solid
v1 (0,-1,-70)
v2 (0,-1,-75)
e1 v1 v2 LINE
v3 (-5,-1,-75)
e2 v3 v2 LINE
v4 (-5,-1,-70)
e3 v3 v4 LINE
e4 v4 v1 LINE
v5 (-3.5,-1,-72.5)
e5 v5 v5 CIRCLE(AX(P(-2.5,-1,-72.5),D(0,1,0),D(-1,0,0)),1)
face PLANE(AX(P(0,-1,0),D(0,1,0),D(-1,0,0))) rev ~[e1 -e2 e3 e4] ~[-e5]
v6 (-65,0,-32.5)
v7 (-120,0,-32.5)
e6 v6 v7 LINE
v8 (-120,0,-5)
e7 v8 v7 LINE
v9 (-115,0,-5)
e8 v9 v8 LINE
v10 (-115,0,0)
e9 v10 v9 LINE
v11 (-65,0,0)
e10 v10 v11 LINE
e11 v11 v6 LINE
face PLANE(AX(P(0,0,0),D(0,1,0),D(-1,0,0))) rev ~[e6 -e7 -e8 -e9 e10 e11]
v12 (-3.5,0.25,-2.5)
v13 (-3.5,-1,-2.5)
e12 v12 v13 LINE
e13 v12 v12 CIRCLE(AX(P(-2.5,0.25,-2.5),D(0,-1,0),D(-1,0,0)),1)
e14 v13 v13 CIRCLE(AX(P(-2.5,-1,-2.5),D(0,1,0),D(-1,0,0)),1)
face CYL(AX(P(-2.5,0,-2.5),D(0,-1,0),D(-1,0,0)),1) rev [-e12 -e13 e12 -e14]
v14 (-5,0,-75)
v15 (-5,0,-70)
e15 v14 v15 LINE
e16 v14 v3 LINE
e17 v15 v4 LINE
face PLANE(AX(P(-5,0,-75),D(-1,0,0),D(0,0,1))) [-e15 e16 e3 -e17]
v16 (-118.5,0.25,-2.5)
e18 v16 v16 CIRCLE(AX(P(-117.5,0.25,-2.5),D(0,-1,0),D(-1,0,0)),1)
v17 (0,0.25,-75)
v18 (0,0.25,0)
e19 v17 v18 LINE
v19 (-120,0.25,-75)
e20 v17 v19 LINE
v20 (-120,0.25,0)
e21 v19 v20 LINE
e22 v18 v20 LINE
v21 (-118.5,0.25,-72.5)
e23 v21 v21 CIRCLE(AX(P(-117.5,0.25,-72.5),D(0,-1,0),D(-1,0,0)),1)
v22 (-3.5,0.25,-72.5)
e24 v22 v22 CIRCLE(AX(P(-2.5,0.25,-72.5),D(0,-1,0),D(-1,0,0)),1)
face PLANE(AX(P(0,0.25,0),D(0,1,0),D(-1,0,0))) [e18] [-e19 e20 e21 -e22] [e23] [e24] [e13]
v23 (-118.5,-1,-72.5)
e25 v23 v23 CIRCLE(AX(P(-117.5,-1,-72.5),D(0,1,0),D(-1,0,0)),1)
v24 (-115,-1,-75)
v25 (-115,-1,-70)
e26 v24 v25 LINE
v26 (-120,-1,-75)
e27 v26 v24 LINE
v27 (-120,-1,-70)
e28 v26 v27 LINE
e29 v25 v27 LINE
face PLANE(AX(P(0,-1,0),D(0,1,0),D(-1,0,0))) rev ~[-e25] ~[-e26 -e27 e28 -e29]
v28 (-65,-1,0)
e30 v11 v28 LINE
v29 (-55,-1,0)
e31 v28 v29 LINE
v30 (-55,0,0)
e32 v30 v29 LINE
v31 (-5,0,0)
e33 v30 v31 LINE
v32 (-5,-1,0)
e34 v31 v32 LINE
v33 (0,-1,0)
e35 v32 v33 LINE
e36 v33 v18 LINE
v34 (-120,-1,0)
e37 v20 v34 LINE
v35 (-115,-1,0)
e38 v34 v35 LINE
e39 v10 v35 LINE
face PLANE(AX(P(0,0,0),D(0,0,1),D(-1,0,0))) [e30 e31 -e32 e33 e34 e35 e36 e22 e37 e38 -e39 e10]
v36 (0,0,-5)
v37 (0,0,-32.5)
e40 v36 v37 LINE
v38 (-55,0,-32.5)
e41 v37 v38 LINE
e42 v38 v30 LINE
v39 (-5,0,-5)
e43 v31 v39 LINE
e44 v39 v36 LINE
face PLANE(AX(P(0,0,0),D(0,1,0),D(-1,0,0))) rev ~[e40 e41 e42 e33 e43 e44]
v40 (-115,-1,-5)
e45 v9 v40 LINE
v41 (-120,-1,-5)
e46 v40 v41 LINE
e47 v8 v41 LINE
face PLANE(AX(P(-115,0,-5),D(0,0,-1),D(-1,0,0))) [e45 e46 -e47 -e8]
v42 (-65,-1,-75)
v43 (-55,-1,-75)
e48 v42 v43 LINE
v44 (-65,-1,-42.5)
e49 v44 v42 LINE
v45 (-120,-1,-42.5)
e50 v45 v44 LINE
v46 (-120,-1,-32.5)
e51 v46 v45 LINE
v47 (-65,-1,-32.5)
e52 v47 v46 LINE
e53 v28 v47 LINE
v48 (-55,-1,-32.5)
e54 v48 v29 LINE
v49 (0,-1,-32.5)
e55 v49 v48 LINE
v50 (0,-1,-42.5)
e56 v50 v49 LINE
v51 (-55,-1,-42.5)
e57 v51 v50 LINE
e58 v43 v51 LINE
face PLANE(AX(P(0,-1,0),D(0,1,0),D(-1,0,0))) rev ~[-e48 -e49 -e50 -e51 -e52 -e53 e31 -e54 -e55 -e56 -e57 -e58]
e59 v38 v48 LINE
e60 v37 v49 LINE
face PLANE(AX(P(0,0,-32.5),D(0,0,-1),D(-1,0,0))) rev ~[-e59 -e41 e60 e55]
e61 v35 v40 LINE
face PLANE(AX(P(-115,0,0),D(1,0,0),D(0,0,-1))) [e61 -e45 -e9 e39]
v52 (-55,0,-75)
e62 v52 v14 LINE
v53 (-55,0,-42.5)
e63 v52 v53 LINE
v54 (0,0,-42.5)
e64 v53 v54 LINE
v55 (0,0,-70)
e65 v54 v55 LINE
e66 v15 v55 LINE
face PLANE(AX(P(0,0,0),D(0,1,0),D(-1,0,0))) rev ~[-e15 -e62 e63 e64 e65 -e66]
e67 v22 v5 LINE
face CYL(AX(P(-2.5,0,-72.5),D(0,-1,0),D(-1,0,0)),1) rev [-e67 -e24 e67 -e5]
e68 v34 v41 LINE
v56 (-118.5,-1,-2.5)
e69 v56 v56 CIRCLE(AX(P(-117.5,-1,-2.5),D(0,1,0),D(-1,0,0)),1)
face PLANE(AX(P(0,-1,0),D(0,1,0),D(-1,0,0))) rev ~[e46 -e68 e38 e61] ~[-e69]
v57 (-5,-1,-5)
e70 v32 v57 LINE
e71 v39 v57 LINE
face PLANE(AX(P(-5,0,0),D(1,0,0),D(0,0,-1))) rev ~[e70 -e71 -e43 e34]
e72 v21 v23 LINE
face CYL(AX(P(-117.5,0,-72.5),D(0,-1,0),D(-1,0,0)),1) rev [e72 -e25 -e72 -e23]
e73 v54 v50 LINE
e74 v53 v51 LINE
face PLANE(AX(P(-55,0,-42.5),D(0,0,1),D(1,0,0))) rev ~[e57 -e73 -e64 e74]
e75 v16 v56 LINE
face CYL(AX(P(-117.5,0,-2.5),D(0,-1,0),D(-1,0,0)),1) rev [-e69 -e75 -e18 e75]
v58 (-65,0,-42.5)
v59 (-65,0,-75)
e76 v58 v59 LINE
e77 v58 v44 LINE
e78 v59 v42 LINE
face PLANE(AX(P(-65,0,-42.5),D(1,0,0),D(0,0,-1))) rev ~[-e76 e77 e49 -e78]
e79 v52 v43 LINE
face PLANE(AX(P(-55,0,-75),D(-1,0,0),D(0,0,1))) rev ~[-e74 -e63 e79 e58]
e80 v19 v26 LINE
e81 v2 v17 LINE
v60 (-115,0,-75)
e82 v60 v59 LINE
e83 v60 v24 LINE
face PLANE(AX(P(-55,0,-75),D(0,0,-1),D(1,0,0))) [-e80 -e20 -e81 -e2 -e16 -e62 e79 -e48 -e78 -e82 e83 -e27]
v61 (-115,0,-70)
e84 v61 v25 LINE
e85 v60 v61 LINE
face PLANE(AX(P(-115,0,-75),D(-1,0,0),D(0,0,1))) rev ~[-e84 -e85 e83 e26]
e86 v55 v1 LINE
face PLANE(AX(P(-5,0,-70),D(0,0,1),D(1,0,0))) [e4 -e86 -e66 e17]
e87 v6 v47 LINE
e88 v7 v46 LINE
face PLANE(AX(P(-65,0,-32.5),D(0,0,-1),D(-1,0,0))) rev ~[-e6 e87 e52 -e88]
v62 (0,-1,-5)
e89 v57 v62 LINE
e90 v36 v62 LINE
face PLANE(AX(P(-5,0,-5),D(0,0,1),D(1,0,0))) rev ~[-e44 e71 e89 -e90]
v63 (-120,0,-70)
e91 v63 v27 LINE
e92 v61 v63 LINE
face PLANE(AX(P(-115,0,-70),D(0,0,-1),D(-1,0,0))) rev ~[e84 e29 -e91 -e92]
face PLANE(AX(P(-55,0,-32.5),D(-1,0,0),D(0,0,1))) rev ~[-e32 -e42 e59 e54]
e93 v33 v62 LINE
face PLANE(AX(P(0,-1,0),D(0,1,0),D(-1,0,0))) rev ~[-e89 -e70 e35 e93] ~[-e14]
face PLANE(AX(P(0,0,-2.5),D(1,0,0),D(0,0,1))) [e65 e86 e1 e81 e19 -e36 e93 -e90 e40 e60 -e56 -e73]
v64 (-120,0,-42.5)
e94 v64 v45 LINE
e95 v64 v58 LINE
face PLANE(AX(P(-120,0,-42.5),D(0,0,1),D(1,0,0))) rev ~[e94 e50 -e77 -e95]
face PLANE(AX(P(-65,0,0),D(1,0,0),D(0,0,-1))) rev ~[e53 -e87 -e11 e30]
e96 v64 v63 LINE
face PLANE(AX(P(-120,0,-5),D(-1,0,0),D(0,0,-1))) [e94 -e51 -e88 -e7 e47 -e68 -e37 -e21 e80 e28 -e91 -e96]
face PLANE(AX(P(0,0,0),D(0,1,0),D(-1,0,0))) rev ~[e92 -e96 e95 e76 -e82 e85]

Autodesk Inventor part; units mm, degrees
ref_plane "YZ Plane" through (0, 0, 0) normal (1, 0, 0) x (0, 1, 0)
ref_plane "XZ Plane" through (0, 0, 0) normal (0, 1, 0) x (-1, 0, 0)
ref_plane "XY Plane" through (0, 0, 0) normal (0, 0, 1) x (1, 0, 0)
sketch "Sketch1" plane through (0, 0, 0) normal (0, 1, 0) x (-1, 0, 0)
  line L0 (0, 0) -> (120, 0)
  line L1 (120, 0) -> (120, -75)
  line L2 (120, -75) -> (0, -75)
  line L3 (0, -75) -> (0, 0)
  line L4 (120, 0) -> (117.5, 0)
  line L5 (117.5, 0) -> (117.5, -2.5)
  line L6 (117.5, -2.5) -> (120, -2.5)
  line L7 (120, -2.5) -> (120, 0)
  line L8 (120, -75) -> (117.5, -75)
  line L9 (117.5, -75) -> (117.5, -72.5)
  line L10 (117.5, -72.5) -> (120, -72.5)
  line L11 (120, -72.5) -> (120, -75)
  line L12 (0, -75) -> (2.5, -75)
  line L13 (2.5, -75) -> (2.5, -72.5)
  line L14 (2.5, -72.5) -> (0, -72.5)
  line L15 (0, -72.5) -> (0, -75)
  line L16 (0, 0) -> (2.5, 0)
  line L17 (2.5, 0) -> (2.5, -2.5)
  line L18 (2.5, -2.5) -> (0, -2.5)
  line L19 (0, -2.5) -> (0, 0)
  line L20 (0, 0) -> (5, 0)
  line L21 (5, 0) -> (5, -5)
  line L22 (5, -5) -> (0, -5)
  line L23 (0, -5) -> (0, 0)
  line L24 (0, -75) -> (5, -75)
  line L25 (5, -75) -> (5, -70)
  line L26 (5, -70) -> (0, -70)
  line L27 (0, -70) -> (0, -75)
  line L28 (120, 0) -> (115, 0)
  line L29 (115, 0) -> (115, -5)
  line L30 (115, -5) -> (120, -5)
  line L31 (120, -5) -> (120, 0)
  line L32 (120, -75) -> (115, -75)
  line L33 (115, -75) -> (115, -70)
  line L34 (115, -70) -> (120, -70)
  line L35 (120, -70) -> (120, -75)
  circle A0 centre (117.5, -72.5) radius 1
  circle A1 centre (117.5, -2.5) radius 1
  circle A2 centre (2.5, -2.5) radius 1
  circle A3 centre (2.5, -72.5) radius 1
  line L36 (0, 0) -> (0, -37.5)
  line L37 (0, -37.5) -> (120, -37.5)
  line L38 (60, 0) -> (60, -75)
  line L39 (0, -32.5) -> (120, -32.5)
  line L40 (120, -32.5) -> (120, -42.5)
  line L41 (120, -42.5) -> (0, -42.5)
  line L42 (0, -42.5) -> (0, -32.5)
  line L43 (0, -32.5) -> (120, -42.5) construction
  line L44 (120, -32.5) -> (0, -42.5) construction
  line L45 (55, 0) -> (65, 0)
  line L46 (65, 0) -> (65, -75)
  line L47 (65, -75) -> (55, -75)
  line L48 (55, -75) -> (55, 0)
  line L49 (55, 0) -> (65, -75) construction
  line L50 (65, 0) -> (55, -75) construction
  point P0 (60, -37.5)
  point P1 (60, -37.5)
  point P2 (55, -32.5)
  point P3 (55, -42.5)
  point P4 (65, -42.5)
  point P5 (65, -32.5)
  dimension "d0" = 120
  dimension "d1" = 75
  dimension "d2" = 2.5
  dimension "d3" = 2.5
  dimension "d4" = 2.5
  dimension "d5" = 2.5
  dimension "d6" = 2.5
  dimension "d7" = 2.5
  dimension "d8" = 2.5
  dimension "d9" = 2.5
  dimension "d10" = 5
  dimension "d11" = 5
  dimension "d12" = 5
  dimension "d13" = 5
  dimension "d14" = 5
  dimension "d15" = 5
  dimension "d16" = 5
  dimension "d17" = 5
  dimension "d18" = 2
  dimension "d19" = 2
  dimension "d20" = 2
  dimension "d21" = 2
  dimension "d22" = 10
  dimension "d23" = 10
extrude "Extrusion1" add sketch "Sketch1" along normal blind 0.25 contours L0 L17 A2 L18 L3 | L0 L21 L22 L3 L18 A2 L17 | L0 L48 L39 L3 L22 L21 | L0 L38 L39 L48 | L39 L48 L37 L3 | L0 L46 L39 L38 | L39 L38 L37 L48 | L37 L48 L41 L3 | L0 L29 L30 L1 L39 L46 | L39 L46 L37 L38 | L37 L38 L41 L48 | L41 L48 L2 L25 L26 L3 | L0 L5 A1 L6 L1 L30 L29 | L39 L1 L37 L46 | L37 L46 L41 L38 | L41 L38 L2 L48 | L26 L25 L2 L13 A3 L14 L3 | L0 L1 L6 A1 L5 | L37 L1 L41 L46 | L41 L46 L2 L38 | L14 A3 L13 L2 L3 | L41 L1 L34 L33 L2 L46 | L1 L10 A0 L9 L2 L33 L34 | L1 L2 L9 A0 L10
extrude "Extrusion2" add sketch "Sketch1" against normal blind 1 contours L0 L17 A2 L18 L3 | L0 L21 L22 L3 L18 A2 L17 | L0 L38 L39 L48 | L39 L48 L37 L3 | L0 L46 L39 L38 | L39 L38 L37 L48 | L37 L48 L41 L3 | L39 L46 L37 L38 | L37 L38 L41 L48 | L0 L5 A1 L6 L1 L30 L29 | L39 L1 L37 L46 | L37 L46 L41 L38 | L41 L38 L2 L48 | L26 L25 L2 L13 A3 L14 L3 | L0 L1 L6 A1 L5 | L37 L1 L41 L46 | L41 L46 L2 L38 | L14 A3 L13 L2 L3 | L1 L10 A0 L9 L2 L33 L34 | L1 L2 L9 A0 L10
properties part number "yellow_plate_cover"
